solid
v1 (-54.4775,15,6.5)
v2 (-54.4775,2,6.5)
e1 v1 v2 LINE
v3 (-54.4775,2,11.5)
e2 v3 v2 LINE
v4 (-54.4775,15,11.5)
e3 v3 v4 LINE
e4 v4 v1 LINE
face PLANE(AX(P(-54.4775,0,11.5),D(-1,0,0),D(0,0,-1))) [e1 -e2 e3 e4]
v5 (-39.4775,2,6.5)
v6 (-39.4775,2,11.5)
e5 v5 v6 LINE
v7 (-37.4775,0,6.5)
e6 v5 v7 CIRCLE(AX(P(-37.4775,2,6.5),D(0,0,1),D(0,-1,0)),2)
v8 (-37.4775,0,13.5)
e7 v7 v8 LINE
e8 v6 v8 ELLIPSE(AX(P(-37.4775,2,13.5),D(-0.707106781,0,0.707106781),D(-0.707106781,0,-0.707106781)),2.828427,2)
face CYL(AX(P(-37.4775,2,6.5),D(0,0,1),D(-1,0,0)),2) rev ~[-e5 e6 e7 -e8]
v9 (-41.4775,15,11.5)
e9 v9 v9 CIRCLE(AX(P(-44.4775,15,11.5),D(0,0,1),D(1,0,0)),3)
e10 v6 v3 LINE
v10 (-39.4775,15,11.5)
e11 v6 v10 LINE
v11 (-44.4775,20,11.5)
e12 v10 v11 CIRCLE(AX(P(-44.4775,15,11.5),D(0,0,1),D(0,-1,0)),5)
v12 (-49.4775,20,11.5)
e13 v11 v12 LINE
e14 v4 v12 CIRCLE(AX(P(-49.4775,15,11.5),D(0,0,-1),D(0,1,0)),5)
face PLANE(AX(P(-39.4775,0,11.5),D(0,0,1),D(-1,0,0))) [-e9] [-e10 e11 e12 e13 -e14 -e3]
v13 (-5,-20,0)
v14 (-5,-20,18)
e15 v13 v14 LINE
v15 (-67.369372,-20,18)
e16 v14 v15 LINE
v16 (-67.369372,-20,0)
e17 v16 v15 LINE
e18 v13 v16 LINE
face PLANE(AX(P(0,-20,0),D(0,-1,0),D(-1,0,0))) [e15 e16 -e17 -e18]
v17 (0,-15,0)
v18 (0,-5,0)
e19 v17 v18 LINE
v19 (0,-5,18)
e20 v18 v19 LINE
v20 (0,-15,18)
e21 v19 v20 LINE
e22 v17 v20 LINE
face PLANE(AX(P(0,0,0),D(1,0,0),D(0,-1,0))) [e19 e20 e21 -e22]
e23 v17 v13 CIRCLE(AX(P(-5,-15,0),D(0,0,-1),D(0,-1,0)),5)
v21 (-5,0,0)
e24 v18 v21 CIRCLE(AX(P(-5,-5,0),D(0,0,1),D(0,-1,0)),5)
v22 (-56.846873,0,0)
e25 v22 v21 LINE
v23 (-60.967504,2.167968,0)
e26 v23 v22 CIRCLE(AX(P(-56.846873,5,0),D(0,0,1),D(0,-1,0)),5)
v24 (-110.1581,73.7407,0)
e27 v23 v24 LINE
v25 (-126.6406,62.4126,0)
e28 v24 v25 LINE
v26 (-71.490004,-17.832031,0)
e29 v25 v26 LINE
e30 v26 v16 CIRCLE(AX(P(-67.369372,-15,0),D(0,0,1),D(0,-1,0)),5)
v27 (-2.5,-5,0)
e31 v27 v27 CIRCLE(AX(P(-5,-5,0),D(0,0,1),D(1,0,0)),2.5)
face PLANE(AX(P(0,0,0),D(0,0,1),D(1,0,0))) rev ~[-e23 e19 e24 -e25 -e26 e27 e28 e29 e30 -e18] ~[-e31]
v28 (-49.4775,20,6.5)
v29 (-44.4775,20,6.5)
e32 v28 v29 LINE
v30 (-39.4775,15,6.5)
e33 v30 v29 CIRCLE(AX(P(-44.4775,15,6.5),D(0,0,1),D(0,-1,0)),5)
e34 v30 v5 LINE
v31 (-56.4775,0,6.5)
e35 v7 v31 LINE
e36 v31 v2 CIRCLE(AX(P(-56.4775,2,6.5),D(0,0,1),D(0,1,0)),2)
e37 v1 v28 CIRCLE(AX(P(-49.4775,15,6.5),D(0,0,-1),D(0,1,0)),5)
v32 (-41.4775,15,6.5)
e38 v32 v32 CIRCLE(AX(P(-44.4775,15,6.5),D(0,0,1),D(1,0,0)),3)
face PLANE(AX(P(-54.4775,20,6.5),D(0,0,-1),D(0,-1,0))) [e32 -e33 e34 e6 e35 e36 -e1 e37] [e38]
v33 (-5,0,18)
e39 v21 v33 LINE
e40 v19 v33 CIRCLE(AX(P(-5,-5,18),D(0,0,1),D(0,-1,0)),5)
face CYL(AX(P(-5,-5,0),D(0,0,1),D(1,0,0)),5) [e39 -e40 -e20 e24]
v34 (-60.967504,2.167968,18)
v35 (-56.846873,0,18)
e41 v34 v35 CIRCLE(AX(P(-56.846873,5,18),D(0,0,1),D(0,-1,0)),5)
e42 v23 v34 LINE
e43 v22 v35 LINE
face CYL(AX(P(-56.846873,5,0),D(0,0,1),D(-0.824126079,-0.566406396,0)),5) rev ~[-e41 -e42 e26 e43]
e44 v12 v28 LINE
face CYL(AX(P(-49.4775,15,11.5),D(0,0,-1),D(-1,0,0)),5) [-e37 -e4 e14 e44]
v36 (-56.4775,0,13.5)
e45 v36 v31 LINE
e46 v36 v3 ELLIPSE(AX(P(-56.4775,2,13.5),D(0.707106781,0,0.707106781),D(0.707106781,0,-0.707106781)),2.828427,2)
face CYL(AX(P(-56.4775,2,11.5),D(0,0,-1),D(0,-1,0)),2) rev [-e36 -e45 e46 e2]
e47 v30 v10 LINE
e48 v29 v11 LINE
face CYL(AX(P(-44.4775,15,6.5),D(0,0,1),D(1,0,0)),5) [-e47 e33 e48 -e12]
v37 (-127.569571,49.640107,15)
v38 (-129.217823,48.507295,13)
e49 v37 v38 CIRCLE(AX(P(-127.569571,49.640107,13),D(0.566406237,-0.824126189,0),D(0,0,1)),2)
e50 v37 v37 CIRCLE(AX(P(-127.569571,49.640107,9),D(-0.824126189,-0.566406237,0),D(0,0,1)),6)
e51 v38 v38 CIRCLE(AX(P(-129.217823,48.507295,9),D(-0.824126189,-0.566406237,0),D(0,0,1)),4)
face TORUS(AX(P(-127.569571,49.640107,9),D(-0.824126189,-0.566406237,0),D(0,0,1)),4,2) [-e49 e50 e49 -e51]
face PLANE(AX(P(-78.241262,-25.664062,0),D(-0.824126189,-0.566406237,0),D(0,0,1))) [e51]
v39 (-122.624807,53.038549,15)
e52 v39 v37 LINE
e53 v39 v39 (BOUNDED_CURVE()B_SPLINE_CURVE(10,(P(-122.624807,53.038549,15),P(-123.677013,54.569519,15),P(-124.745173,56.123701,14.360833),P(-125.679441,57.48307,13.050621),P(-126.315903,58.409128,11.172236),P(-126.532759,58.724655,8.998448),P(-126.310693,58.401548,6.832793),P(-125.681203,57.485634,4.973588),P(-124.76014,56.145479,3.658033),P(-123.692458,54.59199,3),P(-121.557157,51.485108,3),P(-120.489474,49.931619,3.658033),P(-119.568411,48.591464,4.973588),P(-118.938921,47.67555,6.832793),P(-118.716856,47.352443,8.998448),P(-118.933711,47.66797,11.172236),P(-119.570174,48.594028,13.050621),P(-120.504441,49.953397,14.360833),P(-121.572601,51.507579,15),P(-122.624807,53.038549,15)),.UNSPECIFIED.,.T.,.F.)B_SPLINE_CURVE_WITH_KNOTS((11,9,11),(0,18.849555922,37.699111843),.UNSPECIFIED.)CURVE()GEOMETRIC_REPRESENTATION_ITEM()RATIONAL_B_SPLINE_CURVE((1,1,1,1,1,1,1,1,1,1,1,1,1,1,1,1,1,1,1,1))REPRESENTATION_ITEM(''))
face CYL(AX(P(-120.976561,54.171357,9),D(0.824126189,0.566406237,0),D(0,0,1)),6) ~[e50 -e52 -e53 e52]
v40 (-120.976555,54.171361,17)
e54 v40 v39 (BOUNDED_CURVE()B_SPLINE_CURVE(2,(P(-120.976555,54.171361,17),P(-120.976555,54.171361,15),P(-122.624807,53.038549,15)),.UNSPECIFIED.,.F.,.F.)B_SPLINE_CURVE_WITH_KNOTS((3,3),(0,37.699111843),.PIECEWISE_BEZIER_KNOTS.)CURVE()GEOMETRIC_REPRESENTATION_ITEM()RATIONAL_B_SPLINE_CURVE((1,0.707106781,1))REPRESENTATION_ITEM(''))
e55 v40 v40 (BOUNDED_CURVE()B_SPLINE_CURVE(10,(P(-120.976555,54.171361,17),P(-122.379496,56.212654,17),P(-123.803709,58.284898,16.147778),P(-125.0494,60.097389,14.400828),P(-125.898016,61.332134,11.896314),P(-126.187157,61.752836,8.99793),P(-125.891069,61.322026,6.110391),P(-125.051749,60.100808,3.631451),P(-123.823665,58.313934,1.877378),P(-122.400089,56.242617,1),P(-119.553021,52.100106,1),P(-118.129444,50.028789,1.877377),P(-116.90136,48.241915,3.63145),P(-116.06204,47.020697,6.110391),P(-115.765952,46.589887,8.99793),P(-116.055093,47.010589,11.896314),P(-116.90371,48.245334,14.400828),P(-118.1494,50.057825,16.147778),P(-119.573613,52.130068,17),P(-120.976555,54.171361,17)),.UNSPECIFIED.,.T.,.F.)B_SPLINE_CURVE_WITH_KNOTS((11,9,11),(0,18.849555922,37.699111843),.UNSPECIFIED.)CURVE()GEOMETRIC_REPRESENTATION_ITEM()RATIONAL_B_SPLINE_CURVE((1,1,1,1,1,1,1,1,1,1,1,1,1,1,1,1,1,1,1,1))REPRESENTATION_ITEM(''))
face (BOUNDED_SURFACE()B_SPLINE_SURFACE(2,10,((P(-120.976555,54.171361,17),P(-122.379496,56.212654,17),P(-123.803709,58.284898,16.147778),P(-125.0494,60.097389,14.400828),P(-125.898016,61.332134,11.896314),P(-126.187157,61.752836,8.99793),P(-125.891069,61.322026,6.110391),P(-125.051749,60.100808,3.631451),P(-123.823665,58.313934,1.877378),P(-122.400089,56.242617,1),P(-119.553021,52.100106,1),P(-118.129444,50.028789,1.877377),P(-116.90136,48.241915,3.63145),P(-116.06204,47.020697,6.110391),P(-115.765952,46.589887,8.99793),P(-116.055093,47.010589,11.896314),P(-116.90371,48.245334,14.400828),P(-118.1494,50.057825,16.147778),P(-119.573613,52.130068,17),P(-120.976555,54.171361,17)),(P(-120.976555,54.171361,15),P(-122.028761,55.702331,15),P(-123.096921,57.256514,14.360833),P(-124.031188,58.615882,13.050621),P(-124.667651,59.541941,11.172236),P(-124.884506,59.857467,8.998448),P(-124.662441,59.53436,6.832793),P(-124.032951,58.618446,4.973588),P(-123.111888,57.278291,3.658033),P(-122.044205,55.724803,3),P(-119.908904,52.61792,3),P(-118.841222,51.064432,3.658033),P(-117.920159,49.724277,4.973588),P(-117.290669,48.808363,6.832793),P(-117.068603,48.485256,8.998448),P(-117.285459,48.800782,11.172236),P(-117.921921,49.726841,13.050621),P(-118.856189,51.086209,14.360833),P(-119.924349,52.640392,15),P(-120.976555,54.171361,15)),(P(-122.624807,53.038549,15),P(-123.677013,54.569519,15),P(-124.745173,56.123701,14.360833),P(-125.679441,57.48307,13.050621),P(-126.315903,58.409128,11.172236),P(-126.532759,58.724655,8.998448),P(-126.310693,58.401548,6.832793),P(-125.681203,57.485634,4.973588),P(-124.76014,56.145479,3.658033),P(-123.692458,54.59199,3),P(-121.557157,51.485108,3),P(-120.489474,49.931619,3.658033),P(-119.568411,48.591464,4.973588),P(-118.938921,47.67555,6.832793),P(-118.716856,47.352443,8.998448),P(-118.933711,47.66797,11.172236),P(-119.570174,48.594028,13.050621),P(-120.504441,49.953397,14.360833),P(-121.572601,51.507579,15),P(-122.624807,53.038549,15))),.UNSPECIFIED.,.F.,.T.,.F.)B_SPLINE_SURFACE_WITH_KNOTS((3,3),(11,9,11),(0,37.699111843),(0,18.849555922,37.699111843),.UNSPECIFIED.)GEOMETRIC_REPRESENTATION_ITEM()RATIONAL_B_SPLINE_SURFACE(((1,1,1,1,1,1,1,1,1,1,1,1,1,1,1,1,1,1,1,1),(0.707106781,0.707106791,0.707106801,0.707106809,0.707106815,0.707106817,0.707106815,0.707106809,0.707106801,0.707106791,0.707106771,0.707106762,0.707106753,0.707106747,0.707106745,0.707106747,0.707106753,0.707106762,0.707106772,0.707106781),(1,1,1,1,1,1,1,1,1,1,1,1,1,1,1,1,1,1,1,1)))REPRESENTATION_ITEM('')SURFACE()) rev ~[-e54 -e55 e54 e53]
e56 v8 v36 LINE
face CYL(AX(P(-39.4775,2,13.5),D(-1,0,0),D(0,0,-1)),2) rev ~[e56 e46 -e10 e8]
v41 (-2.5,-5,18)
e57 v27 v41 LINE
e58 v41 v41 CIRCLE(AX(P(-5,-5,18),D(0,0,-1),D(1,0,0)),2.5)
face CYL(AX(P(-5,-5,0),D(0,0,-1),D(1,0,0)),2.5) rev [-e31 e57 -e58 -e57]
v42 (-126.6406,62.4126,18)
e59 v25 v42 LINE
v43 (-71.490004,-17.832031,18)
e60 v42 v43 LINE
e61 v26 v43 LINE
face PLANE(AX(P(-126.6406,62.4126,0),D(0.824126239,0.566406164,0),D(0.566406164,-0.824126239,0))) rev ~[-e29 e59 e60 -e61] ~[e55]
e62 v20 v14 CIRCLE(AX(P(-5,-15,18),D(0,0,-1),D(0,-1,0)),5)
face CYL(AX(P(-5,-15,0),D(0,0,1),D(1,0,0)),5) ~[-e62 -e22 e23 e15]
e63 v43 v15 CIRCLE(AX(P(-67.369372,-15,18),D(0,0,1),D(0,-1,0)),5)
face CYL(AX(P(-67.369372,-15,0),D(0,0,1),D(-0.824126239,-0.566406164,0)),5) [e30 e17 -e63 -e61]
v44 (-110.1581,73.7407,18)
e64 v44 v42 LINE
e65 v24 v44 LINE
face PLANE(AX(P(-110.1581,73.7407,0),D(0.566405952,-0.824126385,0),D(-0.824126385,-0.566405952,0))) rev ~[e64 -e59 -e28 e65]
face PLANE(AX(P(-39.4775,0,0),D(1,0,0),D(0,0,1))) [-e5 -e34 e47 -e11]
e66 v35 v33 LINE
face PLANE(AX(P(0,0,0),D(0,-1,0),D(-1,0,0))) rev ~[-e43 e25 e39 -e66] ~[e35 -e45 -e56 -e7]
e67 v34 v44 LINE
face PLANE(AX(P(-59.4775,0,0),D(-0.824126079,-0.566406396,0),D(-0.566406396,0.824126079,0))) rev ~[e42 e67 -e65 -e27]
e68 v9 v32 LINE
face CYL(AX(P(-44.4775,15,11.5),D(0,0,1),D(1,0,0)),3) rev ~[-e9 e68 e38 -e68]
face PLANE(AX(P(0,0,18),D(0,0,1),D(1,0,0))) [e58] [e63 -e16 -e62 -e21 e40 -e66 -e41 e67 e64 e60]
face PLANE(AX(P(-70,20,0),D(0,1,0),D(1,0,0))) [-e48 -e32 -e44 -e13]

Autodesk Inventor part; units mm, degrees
ref_plane "YZ Plane" through (0, 0, 0) normal (1, 0, 0) x (0, 1, 0)
ref_plane "XZ Plane" through (0, 0, 0) normal (0, 1, 0) x (-1, 0, 0)
ref_plane "XY Plane" through (0, 0, 0) normal (0, 0, 1) x (1, 0, 0)
sketch "Sketch1" plane through (0, 0, 0) normal (0, 0, 1) x (1, 0, 0)
  line L0 (0, 0) -> (-59.4775, 0)
  line L1 (0, 0) -> (0, -20)
  line L2 (0, -20) -> (-70, -20)
  circle A0 centre (-5, -5) radius 2.5
  line L3 (-59.4775, 0) -> (-110.1581, 73.7407)
  line L4 (-110.1581, 73.7407) -> (-126.6406, 62.4126)
  line L5 (-126.6406, 62.4126) -> (-70, -20)
  line L6 (-5, -5) -> (93.9651, 63.0168)
  line L7 (-5, -5) -> (-119.3081, 161.3193)
  dimension "d1" = 5
  dimension "d2" = 20
  dimension "d3" = 5
  dimension "d4" = 5
  dimension "d50" = 70
  dimension "d51" = 124.5
  dimension "d52" = 20
  dimension "d53" = 100
  dimension "d55" = 34.5
extrude "Extrusion1" add sketch "Sketch1" along normal blind 18 contours L1 L6 A0 L7 L0 | L7 A0 L6 L1 L2 L5 L4 L3 L0
fillet "Fillet5" radius 5 2 edges at (0, 0, 9) (0, -20, 9)
sketch "Sketch5" plane through (-70, 0, 0) normal (0, 1, 0) x (1, 0, 0)
  line L0 (15.5225, 0) -> (30.5225, 0)
  line L1 (30.5225, 0) -> (30.5225, -11.5)
  line L2 (30.5225, -11.5) -> (15.5225, -11.5)
  line L3 (15.5225, -11.5) -> (15.5225, 0)
  line L4 (65, -18) -> (10.5225, -18) projected
  line L5 (0, 0) -> (0, -18) projected
  line L6 (65, 0) -> (10.5225, 0) projected
  line L7 (10.5225, 0) -> (10.5225, -18) projected
  point P0 (70, 0)
  point P1 (0, -3.5)
  dimension "d31" = 15
  dimension "d33" = 6.5
  dimension "d54" = 20
extrude "Extrusion5" add sketch "Sketch5" along normal blind 20
sketch "Sketch6" plane through (-39.4775, 0, 11.5) normal (0, 0, 1) x (1, 0, 0)
  circle A0 centre (-5, 15) radius 3
  line L0 (-15, 20) -> (0, 20) projected
  line L1 (0, 0) -> (0, 20) projected
  point P0 (39.4775, 0)
  dimension "d37" = 6
  dimension "d38" = 5
  dimension "d39" = 5
extrude "Extrusion6" cut sketch "Sketch6" against normal up to next
sketch "Sketch7" plane through (-54.4775, 0, 0) normal (-1, 0, 0) x (0, 0, 1)
  line L0 (0, 20) -> (6.5, 20)
  line L1 (0, 0) -> (0, 20)
  line L2 (6.5, 20) -> (6.5, 0)
  line L3 (6.5, 0) -> (0, 0)
  line L4 (0, 0) -> (0, 20) projected
  line L5 (11.5, 0) -> (11.5, 20) projected
  line L6 (0, 20) -> (11.5, 20) projected
  dimension "d42" = 5
  dimension "d44" = 20
extrude "Extrusion7" cut sketch "Sketch7" against normal up to next
fillet "Fillet8" radius 5 2 edges at (-39.4775, 20, 9) (-54.4775, 20, 9)
fillet "Fillet9" radius 2 3 edges at (-54.4775, 0, 9) (-46.9775, 0, 11.5) (-39.4775, 0, 9)
sketch "Sketch8" plane through (-70, -20, 0) normal (-0.8241, -0.5664, 0) x (0, 0, 1)
  circle A0 centre (9, 90) radius 6
  line L0 (0, 100) -> (18, 100) projected
  line L1 (18, 100) -> (18, 0) projected
  point P0 (0, -23.1659)
  dimension "d56" = 12
  dimension "d57" = 10
  dimension "d58" = 9
extrude "Extrusion8" add sketch "Sketch8" along normal blind 10
fillet "Fillet11" radius 2 2 edges at (-129.2178, 48.5073, 3) (-120.9766, 54.1714, 3)
fillet "Fillet12" radius 5 2 edges at (-70, -20, 9) (-59.4775, 0, 9)
properties part number "Swinging_connection" material "Wood (Cherry)"
